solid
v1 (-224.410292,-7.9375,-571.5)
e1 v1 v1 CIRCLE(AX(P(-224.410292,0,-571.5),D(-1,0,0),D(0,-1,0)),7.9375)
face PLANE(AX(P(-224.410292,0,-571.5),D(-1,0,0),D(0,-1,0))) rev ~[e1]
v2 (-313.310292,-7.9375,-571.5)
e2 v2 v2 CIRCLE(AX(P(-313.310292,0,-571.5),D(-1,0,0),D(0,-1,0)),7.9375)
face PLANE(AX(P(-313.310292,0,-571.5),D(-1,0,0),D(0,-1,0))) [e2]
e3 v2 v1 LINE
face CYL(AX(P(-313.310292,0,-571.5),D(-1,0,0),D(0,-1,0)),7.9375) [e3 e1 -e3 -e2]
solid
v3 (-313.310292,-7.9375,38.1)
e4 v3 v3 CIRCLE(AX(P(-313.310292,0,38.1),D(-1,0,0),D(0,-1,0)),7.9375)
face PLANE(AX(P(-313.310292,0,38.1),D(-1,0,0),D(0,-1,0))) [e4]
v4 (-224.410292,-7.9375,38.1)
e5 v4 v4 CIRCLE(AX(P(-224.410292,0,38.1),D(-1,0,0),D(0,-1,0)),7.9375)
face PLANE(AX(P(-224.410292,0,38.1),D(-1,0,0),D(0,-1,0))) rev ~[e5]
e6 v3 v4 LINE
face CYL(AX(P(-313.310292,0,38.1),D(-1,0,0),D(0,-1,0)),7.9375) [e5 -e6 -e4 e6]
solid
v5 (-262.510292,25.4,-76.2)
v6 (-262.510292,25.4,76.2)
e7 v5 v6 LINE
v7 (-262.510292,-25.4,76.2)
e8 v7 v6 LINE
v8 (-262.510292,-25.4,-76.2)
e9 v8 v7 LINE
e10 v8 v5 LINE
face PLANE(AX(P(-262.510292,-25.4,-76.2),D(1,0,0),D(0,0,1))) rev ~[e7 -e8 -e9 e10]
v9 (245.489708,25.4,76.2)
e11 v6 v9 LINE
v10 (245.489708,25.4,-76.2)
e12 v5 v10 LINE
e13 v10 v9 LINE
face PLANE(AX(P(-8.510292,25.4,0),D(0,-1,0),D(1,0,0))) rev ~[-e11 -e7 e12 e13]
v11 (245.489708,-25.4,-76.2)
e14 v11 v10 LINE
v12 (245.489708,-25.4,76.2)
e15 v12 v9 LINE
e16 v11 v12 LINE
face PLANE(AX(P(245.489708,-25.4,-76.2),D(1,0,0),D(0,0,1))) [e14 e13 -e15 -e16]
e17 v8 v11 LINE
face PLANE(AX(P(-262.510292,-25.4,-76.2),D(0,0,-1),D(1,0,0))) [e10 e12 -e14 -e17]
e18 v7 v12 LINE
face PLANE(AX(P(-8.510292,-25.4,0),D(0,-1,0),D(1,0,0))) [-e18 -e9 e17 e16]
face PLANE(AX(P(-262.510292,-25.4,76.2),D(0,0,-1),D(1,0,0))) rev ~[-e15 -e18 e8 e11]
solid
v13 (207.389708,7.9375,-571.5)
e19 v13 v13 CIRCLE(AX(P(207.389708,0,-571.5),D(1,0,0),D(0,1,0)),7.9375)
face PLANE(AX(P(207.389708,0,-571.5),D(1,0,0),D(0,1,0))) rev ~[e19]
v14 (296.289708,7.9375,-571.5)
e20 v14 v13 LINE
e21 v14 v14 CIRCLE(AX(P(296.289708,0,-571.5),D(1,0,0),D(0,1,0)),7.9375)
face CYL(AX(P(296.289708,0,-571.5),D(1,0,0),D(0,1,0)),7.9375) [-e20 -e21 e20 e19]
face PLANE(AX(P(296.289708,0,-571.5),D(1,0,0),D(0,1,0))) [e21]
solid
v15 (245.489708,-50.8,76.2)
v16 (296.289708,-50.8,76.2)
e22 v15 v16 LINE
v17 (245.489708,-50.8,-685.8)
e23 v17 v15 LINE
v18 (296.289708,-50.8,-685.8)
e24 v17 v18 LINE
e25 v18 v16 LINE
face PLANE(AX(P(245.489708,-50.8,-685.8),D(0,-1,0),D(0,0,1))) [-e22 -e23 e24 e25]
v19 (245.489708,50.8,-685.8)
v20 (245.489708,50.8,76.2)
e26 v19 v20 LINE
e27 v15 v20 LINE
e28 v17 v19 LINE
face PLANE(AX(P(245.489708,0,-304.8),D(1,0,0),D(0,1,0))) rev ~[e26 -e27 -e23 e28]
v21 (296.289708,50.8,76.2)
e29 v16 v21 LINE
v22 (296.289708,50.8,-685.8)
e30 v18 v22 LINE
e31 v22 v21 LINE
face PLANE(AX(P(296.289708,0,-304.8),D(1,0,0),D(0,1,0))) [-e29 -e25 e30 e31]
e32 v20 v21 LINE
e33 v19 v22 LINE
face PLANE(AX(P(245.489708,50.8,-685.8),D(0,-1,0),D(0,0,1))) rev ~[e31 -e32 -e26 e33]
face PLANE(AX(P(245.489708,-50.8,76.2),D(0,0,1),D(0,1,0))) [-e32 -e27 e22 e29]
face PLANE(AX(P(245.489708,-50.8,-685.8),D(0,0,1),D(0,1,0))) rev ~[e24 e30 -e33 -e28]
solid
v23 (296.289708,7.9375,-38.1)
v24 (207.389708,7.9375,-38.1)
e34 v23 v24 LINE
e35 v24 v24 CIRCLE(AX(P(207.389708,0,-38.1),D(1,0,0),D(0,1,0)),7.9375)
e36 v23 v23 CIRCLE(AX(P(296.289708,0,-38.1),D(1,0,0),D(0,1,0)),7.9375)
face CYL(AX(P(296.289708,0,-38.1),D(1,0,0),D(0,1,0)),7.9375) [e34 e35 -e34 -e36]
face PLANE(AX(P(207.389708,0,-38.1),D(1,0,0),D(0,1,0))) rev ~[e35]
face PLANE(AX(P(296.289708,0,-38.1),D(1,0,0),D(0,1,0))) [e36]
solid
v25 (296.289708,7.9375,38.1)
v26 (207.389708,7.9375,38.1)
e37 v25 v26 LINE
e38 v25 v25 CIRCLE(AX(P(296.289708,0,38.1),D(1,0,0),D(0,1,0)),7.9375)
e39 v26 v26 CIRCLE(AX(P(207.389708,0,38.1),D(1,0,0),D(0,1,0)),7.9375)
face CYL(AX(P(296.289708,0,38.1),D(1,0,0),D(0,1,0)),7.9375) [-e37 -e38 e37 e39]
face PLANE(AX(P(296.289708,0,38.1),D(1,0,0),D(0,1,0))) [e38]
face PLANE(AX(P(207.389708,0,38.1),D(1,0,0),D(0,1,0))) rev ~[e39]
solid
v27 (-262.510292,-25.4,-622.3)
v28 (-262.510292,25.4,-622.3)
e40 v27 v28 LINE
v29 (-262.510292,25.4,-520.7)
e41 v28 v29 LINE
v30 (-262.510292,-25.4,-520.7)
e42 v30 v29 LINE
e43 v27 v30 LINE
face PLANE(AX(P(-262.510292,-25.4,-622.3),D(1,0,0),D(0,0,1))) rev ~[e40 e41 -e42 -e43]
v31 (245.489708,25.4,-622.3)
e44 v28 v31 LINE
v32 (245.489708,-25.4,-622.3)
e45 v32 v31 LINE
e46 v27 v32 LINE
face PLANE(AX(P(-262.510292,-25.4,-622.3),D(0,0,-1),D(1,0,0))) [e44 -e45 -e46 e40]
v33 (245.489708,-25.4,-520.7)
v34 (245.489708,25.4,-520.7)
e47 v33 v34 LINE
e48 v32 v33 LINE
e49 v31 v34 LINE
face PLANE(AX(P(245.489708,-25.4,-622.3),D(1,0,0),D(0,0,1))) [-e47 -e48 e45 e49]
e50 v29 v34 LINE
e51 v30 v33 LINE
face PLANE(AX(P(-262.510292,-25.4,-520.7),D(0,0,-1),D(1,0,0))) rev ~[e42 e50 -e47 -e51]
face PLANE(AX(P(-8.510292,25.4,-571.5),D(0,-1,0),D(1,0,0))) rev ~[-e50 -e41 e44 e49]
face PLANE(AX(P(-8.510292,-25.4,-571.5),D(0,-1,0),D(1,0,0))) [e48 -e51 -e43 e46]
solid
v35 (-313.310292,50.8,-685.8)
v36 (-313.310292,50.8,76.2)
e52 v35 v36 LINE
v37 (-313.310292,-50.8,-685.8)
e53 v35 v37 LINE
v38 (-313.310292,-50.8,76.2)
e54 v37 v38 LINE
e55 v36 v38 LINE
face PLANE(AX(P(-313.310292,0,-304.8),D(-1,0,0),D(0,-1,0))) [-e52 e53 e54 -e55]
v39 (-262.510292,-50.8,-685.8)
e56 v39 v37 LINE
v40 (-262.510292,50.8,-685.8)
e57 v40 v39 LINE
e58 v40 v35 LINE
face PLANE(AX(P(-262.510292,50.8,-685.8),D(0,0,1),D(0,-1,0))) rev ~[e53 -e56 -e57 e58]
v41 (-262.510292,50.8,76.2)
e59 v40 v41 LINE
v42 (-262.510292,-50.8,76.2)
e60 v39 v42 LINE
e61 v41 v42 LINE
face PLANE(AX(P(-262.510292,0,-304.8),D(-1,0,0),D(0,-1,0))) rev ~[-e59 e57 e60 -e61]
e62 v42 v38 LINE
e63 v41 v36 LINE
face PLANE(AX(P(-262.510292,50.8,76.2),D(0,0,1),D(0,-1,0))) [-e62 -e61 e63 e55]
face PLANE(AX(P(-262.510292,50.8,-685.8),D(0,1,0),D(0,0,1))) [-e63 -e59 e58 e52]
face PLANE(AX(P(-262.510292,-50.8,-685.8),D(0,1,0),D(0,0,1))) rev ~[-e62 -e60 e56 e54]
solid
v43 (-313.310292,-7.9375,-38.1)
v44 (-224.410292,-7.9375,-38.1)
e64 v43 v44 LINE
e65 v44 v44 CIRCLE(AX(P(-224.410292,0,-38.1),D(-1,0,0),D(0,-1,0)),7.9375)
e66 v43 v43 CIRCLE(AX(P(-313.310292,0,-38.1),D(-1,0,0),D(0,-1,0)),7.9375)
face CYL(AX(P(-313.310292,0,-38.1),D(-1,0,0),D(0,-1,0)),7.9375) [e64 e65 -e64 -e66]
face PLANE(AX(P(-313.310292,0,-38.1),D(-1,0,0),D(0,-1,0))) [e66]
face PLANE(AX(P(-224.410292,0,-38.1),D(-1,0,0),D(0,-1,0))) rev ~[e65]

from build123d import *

# Parameters (mm, degrees)
F1_W      = 508
F1_H      = 152.4
F2_DEPTH  = 50.8
F3_W      = 101.6
F3_H      = 762
F4_DEPTH  = 50.8
F5_W      = 101.6
F5_H      = 762
F6_DEPTH  = 50.8
F8_W      = 508
F8_H      = 101.6
F9_DEPTH  = 50.8
F10_R     = 7.9375
F11_DEPTH = 88.9
F12_R     = 7.9375
F13_DEPTH = 88.9


with BuildPart() as f2:
    # F1 (on offset) → F2 (new body)
    with BuildSketch(Plane.XZ.offset(25.4)):
        with Locations((-8.510292, 0)):
            Rectangle(F1_W, F1_H)
    extrude(amount=-F2_DEPTH)


with BuildPart() as f4:
    # F3 (on face) → F4 (new body)
    with BuildSketch(Plane(origin=(-262.510292, 0, 0), x_dir=(0, -1, 0), z_dir=(-1, 0, 0))):
        with Locations((0, -304.8)):
            Rectangle(F3_W, F3_H)
    extrude(amount=F4_DEPTH)


with BuildPart() as f6:
    # F5 (on face) → F6 (new body)
    with BuildSketch(Plane.YZ.offset(245.489708)):
        with Locations((0, -304.8)):
            Rectangle(F5_W, F5_H)
    extrude(amount=F6_DEPTH)


with BuildPart() as f9:
    # F8 (on offset) → F9 (new body)
    with BuildSketch(Plane.XZ.offset(25.4)):
        with Locations((-8.510292, -571.5)):
            Rectangle(F8_W, F8_H)
    extrude(amount=-F9_DEPTH)


with BuildPart() as f11:
    # F10 (on face) → F11 (new body)
    with BuildSketch(Plane.YZ.offset(296.289708)):
        with Locations((0, 38.1)):
            Circle(F10_R)
        with Locations((0, -38.1)):
            Circle(F10_R)
        with Locations((0, -571.5)):
            Circle(F10_R)
    extrude(amount=-F11_DEPTH)


with BuildPart() as f13:
    # F12 (on face) → F13 (new body)
    with BuildSketch(Plane(origin=(-313.310292, 0, 0), x_dir=(0, -1, 0), z_dir=(-1, 0, 0))):
        with Locations((0, 38.1)):
            Circle(F12_R)
        with Locations((0, -38.1)):
            Circle(F12_R)
        with Locations((0, -571.5)):
            Circle(F12_R)
    extrude(amount=-F13_DEPTH)


solid = Compound([f2.part, f4.part, f6.part, f9.part, f11.part, f13.part])
